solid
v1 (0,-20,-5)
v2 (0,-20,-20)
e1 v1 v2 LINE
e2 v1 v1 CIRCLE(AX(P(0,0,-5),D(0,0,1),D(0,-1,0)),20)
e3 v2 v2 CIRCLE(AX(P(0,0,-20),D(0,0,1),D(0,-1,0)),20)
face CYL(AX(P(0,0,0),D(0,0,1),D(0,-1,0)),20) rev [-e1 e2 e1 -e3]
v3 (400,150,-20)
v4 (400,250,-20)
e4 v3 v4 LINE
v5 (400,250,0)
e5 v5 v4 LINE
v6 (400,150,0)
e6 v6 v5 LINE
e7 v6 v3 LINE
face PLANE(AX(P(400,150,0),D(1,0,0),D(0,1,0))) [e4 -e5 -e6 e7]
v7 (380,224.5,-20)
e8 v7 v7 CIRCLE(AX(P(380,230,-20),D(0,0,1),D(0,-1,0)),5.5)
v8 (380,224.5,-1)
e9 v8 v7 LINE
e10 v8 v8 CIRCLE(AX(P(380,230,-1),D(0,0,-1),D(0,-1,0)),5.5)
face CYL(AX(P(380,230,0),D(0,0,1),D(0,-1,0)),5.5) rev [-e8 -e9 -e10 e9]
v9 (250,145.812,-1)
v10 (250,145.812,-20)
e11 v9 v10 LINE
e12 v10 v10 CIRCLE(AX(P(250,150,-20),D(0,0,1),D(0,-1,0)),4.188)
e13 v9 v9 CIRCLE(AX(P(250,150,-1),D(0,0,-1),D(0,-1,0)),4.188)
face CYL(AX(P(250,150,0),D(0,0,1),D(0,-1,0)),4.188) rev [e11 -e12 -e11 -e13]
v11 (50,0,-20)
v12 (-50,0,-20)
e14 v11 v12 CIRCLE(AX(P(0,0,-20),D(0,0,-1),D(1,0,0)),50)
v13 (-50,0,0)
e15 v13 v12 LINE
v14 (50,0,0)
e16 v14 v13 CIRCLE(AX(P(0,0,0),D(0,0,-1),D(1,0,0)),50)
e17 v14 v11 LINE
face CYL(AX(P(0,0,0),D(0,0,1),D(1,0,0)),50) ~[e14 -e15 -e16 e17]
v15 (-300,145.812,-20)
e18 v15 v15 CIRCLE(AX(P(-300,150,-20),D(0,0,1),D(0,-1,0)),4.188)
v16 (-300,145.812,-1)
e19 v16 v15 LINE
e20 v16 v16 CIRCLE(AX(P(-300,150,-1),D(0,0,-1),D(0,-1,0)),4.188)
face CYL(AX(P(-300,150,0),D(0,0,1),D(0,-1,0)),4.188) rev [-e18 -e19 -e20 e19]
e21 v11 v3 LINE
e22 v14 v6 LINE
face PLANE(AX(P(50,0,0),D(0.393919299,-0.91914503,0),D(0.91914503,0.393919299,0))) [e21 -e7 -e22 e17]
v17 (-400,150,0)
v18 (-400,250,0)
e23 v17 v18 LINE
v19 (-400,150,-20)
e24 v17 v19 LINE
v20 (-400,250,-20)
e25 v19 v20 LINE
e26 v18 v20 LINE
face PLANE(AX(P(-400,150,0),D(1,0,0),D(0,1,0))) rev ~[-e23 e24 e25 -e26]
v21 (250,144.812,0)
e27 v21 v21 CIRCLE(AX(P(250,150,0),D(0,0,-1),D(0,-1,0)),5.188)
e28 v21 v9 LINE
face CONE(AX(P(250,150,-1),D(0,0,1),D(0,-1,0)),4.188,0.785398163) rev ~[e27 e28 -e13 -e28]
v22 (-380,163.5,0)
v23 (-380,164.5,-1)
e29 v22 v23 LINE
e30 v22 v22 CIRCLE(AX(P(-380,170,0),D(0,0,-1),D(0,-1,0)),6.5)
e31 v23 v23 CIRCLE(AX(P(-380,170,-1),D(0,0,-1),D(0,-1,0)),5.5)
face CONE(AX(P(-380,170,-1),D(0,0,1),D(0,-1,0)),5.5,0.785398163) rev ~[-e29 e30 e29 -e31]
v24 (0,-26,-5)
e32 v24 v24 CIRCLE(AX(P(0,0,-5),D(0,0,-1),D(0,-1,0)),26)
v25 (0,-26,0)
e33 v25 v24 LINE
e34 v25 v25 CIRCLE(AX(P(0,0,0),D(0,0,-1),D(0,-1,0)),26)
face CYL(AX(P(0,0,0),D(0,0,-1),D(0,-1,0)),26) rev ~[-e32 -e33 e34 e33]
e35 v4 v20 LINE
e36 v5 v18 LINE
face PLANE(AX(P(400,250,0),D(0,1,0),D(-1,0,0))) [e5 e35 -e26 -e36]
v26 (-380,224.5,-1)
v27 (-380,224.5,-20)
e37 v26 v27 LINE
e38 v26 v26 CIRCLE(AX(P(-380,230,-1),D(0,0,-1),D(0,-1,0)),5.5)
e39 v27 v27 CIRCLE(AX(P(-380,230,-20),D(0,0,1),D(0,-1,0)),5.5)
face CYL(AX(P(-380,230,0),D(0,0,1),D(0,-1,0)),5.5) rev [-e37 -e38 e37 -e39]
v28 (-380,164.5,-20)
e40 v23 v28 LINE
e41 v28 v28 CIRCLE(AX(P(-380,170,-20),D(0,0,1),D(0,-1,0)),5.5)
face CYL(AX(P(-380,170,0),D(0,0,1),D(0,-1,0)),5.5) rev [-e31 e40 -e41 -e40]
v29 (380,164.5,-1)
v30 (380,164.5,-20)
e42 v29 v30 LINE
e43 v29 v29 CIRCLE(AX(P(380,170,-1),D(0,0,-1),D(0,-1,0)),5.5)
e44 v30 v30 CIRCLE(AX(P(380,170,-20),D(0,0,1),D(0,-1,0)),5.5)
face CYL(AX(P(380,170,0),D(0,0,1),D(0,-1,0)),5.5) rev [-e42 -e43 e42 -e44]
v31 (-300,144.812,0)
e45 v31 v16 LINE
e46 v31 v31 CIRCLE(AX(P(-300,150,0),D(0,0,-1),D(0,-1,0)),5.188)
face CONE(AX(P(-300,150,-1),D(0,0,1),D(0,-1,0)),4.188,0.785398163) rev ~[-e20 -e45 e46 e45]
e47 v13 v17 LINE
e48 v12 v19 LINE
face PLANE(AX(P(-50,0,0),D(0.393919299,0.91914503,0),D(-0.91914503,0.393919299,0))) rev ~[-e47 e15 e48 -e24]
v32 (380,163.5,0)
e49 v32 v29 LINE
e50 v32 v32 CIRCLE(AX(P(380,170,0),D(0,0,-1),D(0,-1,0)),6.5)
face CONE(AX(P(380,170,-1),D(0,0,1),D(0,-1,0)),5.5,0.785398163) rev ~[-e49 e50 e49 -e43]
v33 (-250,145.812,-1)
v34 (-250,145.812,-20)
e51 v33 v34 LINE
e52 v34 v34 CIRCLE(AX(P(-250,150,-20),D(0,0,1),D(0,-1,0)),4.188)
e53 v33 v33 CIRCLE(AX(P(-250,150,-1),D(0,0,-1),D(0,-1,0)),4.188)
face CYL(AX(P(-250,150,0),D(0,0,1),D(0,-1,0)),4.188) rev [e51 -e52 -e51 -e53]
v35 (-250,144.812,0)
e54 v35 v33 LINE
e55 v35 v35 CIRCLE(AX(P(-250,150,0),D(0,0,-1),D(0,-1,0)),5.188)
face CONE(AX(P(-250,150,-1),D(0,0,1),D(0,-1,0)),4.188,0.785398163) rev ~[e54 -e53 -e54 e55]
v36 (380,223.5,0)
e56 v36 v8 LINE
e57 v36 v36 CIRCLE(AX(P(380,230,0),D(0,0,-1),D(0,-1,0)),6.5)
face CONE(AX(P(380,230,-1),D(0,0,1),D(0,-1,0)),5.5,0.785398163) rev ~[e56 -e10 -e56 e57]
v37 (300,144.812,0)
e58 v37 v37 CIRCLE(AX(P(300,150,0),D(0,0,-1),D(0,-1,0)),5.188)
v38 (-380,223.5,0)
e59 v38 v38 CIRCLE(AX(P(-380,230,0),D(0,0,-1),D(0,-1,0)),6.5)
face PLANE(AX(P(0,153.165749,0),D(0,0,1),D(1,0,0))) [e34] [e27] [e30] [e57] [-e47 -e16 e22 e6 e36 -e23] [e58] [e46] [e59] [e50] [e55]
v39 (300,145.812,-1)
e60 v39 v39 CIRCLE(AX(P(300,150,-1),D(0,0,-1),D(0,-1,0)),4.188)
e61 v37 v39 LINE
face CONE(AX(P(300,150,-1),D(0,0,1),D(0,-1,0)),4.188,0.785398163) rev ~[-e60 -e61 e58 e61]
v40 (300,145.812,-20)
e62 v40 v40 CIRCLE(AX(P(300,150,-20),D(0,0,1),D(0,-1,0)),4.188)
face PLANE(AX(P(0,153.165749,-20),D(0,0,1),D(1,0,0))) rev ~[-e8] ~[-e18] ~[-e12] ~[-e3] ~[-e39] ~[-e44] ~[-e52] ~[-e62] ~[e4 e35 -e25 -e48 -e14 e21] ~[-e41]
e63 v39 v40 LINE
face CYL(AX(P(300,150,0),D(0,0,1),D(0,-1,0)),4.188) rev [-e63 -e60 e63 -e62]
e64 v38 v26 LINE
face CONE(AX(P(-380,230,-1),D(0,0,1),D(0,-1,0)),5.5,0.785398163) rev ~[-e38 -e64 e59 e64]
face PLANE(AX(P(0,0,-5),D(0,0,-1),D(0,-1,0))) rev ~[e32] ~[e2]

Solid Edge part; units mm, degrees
sketch "Sketch1" plane through (0, 0, 0) normal (0, 0, 1) x (1, 0, 0)
  line L0 (400, 250) -> (-400, 250)
  line L1 (-400, 150) -> (-400, 250)
  line L2 (-50, 0) -> (-400, 150)
  arc A0 (50, 0) -> (-50, 0) centre (0, 0) cw
  line L3 (50, 0) -> (400, 150)
  line L4 (400, 150) -> (400, 250)
extrude "Protrusion1" add sketch "Sketch1" against normal blind 20
hole "Bohrung_1" at (0, 0, 0) direction (0, 0, -1) diameter 40 end up to next
hole "Bohrung_2" at (0, 0, 0) direction (0, 0, -1) diameter 52 depth 5
hole "Bohrung_3" at (-380, 230, 0) direction (0, 0, -1) diameter 11 end up to next start chamfer 1 start chamfer angle 45
hole "Hole1" at (-380, 170, 0) direction (0, 0, -1) diameter 11 end up to next start chamfer 1 start chamfer angle 45
hole "Hole2" at (380, 170, 0) direction (0, 0, -1) diameter 11 end up to next start chamfer 1 start chamfer angle 45
hole "Hole3" at (380, 230, 0) direction (0, 0, -1) diameter 11 end up to next start chamfer 1 start chamfer angle 45
hole "Bohrung_7" at (-300, 150, 0) direction (0, 0, -1) diameter 8.376 end up to next start chamfer 1 start chamfer angle 45
hole "Hole4" at (-250, 150, 0) direction (0, 0, -1) diameter 8.376 end up to next start chamfer 1 start chamfer angle 45
hole "Hole5" at (300, 150, 0) direction (0, 0, -1) diameter 8.376 end up to next start chamfer 1 start chamfer angle 45
hole "Hole6" at (250, 150, 0) direction (0, 0, -1) diameter 8.376 end up to next start chamfer 1 start chamfer angle 45
